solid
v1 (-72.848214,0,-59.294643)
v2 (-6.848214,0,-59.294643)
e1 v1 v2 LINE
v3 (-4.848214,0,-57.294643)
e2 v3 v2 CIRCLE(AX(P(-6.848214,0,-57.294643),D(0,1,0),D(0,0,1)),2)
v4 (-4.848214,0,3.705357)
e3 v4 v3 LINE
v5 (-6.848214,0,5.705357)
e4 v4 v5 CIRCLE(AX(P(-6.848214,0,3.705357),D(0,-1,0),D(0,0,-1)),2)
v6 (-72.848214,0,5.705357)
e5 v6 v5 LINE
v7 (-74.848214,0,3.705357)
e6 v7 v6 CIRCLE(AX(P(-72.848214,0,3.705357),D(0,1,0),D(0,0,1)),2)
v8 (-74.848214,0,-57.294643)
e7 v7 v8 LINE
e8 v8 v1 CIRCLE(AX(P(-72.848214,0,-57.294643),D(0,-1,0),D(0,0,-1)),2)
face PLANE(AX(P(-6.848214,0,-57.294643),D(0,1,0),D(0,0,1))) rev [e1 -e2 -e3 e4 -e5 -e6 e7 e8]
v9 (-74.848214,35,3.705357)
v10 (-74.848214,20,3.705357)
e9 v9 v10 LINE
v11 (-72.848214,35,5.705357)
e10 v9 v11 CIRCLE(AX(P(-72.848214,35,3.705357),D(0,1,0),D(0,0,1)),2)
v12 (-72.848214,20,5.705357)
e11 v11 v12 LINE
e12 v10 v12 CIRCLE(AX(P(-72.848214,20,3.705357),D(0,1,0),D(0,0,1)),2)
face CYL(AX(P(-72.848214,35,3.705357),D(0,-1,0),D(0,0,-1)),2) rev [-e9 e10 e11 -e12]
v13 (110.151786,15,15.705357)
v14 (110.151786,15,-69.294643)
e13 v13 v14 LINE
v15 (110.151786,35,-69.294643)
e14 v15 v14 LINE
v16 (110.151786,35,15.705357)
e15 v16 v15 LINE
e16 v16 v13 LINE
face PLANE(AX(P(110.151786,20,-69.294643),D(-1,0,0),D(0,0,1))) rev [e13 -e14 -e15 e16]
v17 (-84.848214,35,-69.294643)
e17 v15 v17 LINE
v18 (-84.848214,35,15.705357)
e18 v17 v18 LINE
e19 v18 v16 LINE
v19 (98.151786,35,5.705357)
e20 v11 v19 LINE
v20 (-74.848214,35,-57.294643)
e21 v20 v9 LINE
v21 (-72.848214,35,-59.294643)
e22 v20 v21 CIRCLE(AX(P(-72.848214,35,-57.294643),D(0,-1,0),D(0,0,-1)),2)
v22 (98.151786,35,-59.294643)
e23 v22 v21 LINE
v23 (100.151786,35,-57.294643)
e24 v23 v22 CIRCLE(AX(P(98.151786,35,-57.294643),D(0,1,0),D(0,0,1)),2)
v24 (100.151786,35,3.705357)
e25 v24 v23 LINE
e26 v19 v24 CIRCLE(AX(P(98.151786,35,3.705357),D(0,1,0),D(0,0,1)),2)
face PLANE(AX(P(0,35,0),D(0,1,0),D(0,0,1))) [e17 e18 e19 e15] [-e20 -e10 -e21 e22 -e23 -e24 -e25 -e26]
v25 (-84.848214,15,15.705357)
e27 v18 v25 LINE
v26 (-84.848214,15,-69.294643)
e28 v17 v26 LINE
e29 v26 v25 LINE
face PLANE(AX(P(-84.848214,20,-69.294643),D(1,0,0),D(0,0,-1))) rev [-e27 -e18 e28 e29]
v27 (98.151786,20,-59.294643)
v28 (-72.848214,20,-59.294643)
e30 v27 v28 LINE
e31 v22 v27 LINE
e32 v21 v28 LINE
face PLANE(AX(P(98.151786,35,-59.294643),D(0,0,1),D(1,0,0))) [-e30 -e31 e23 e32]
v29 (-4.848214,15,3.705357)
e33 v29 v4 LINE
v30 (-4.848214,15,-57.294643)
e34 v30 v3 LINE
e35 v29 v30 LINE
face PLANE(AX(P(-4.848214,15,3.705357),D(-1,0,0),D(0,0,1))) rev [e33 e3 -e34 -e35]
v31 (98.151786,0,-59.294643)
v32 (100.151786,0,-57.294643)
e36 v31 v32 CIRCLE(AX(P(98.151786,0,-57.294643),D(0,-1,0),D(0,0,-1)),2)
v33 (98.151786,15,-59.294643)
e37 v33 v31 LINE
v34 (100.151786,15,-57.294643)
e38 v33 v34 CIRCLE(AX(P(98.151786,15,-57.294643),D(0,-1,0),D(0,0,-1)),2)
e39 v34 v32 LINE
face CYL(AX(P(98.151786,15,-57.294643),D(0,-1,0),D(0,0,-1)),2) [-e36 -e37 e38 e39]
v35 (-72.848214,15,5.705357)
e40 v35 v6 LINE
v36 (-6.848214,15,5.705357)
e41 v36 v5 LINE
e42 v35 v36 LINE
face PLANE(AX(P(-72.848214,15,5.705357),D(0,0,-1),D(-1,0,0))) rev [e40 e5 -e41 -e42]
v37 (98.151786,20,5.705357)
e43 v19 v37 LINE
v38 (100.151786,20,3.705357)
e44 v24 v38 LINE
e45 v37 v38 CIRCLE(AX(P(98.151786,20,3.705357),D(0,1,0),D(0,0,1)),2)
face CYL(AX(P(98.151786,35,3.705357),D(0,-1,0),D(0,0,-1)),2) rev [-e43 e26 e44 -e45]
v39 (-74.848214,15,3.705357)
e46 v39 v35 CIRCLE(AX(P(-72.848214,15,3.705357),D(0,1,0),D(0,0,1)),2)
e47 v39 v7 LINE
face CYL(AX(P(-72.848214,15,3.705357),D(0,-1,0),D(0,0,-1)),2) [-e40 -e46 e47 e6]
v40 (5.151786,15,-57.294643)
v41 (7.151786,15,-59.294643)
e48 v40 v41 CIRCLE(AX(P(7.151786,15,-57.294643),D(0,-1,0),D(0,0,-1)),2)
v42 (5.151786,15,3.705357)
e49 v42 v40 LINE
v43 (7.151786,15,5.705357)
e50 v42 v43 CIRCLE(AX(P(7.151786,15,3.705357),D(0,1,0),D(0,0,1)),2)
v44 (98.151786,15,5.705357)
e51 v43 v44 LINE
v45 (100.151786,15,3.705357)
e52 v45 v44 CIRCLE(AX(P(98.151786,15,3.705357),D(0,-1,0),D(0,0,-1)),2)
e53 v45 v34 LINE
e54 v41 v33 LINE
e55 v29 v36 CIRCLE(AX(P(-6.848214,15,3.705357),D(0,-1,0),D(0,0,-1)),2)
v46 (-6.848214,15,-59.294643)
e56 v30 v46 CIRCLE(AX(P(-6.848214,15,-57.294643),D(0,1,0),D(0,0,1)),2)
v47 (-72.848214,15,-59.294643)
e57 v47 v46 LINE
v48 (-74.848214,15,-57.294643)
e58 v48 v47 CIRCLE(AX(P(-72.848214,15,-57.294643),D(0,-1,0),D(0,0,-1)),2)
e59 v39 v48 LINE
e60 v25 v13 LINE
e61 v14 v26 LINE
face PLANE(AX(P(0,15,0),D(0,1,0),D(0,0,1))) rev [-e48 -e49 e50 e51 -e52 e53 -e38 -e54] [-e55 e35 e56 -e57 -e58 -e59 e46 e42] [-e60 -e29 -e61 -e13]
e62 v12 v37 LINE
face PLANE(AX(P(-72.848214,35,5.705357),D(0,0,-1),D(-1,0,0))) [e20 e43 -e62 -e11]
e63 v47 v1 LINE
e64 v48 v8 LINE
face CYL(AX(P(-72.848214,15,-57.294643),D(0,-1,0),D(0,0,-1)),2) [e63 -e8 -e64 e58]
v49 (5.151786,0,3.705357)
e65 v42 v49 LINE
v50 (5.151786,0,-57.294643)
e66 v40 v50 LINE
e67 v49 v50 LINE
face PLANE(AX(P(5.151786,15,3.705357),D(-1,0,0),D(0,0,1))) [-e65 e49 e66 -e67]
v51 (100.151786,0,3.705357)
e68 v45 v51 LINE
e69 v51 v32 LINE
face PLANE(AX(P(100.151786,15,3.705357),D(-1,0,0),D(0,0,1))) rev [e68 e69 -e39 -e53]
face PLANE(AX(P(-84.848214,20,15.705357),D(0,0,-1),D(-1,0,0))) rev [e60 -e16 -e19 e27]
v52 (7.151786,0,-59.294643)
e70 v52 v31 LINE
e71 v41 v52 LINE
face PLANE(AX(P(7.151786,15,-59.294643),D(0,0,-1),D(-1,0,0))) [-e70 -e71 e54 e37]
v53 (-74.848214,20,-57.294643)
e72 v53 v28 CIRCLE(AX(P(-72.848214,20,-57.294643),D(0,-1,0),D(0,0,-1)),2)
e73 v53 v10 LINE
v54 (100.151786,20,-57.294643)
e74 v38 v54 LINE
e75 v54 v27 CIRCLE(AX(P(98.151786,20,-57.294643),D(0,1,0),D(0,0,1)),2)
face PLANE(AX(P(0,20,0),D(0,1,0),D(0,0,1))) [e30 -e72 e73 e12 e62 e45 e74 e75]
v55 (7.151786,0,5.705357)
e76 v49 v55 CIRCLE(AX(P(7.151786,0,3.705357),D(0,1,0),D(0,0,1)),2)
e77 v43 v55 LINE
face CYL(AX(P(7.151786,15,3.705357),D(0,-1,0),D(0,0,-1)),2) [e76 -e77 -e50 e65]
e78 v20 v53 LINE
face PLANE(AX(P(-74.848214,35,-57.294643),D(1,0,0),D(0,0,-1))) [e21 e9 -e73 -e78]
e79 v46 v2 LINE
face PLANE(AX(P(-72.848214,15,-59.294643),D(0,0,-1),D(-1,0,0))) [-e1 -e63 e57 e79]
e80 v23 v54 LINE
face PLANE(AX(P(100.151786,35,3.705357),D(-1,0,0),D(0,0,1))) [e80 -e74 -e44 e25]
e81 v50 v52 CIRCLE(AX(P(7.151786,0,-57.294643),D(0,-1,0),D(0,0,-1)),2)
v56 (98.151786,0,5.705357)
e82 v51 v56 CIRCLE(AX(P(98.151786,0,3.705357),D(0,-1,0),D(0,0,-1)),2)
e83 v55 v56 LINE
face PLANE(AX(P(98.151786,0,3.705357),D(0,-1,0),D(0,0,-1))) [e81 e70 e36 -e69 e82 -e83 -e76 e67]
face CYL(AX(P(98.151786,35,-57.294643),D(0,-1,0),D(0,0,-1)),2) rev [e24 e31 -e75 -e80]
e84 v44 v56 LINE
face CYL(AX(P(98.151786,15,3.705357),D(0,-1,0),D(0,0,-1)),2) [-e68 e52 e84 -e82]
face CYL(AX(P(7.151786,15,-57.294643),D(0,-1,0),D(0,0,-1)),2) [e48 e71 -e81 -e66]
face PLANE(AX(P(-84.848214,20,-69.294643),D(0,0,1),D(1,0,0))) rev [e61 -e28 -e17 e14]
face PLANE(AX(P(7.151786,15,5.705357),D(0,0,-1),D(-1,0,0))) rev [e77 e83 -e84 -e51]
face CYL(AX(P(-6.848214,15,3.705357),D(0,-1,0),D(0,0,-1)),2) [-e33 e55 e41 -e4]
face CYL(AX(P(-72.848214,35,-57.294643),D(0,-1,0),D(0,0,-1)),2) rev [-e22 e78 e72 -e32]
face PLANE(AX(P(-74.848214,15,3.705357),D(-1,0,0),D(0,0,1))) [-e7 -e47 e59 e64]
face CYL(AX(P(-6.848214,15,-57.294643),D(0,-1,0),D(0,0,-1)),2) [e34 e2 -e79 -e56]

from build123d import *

# Parameters (mm, degrees)
BOSS_EXTRUDE2_DEPTH   = 15
BOSS_EXTRUDE2_2_DEPTH = 15
SKETCH2_W             = 195
SKETCH2_H             = 85
BOSS_EXTRUDE3_DEPTH   = 5
SKETCH3_W             = 195
SKETCH3_H             = 85
BOSS_EXTRUDE4_DEPTH   = 15


with BuildPart() as part:
    # Sketch1 → Boss-Extrude2 (new body)
    with BuildSketch(Plane(origin=(0, 0, 0), x_dir=(1, 0, 0), z_dir=(0, 1, 0))):
        with BuildLine():
            Line((-74.848214286, -3.705357143), (-74.848214286, 57.294642857))
            ThreePointArc((-74.848214286, 57.294642857), (-74.262427848, 58.70885642), (-72.848214286, 59.294642857))
            Line((-72.848214286, 59.294642857), (-6.848214286, 59.294642857))
            ThreePointArc((-6.848214286, 59.294642857), (-5.434000723, 58.70885642), (-4.848214286, 57.294642857))
            Line((-4.848214286, 57.294642857), (-4.848214286, -3.705357143))
            ThreePointArc((-4.848214286, -3.705357143), (-5.434000723, -5.119570705), (-6.848214286, -5.705357143))
            Line((-6.848214286, -5.705357143), (-72.848214286, -5.705357143))
            ThreePointArc((-72.848214286, -5.705357143), (-74.262427848, -5.119570705), (-74.848214286, -3.705357143))
        make_face()
    extrude(amount=BOSS_EXTRUDE2_DEPTH)



with BuildPart() as body_2:
    # Sketch1 → Boss-Extrude2 2 (new body)
    with BuildSketch(Plane(origin=(0, 0, 0), x_dir=(1, 0, 0), z_dir=(0, 1, 0))):
        with BuildLine():
            Line((100.151785714, -3.705357143), (100.151785714, 57.294642857))
            ThreePointArc((100.151785714, 57.294642857), (99.565999277, 58.70885642), (98.151785714, 59.294642857))
            Line((98.151785714, 59.294642857), (7.151785714, 59.294642857))
            ThreePointArc((7.151785714, 59.294642857), (5.737572152, 58.70885642), (5.151785714, 57.294642857))
            Line((5.151785714, 57.294642857), (5.151785714, -3.705357143))
            ThreePointArc((5.151785714, -3.705357143), (5.737572152, -5.119570705), (7.151785714, -5.705357143))
            Line((7.151785714, -5.705357143), (98.151785714, -5.705357143))
            ThreePointArc((98.151785714, -5.705357143), (99.565999277, -5.119570705), (100.151785714, -3.705357143))
        make_face()
    extrude(amount=BOSS_EXTRUDE2_2_DEPTH)


with BuildPart() as part_1:
    add(part.part)

    add(body_2.part)  # Boss-Extrude3 merges body 2
    # Sketch2 → Boss-Extrude3 (add)
    with BuildSketch(Plane(origin=(0, 15, 0), x_dir=(1, 0, 0), z_dir=(0, 1, 0))):
        with Locations((12.651785714, 26.794642857)):
            Rectangle(SKETCH2_W, SKETCH2_H)
    extrude(amount=BOSS_EXTRUDE3_DEPTH)

    # Sketch3 → Boss-Extrude4 (add)
    with BuildSketch(Plane(origin=(0, 20, 0), x_dir=(1, 0, 0), z_dir=(0, 1, 0))):
        with Locations((12.651785714, 26.794642857)):
            Rectangle(SKETCH3_W, SKETCH3_H)
        with BuildLine():
            Line((-74.848214286, 57.294642857), (-74.848214286, -3.705357143))
            ThreePointArc((-74.848214286, -3.705357143), (-74.262427848, -5.119570705), (-72.848214286, -5.705357143))
            Line((-72.848214286, -5.705357143), (98.151785714, -5.705357143))
            ThreePointArc((98.151785714, -5.705357143), (99.565999277, -5.119570705), (100.151785714, -3.705357143))
            Line((100.151785714, -3.705357143), (100.151785714, 57.294642857))
            ThreePointArc((100.151785714, 57.294642857), (99.565999277, 58.70885642), (98.151785714, 59.294642857))
            Line((98.151785714, 59.294642857), (-72.848214286, 59.294642857))
            ThreePointArc((-72.848214286, 59.294642857), (-74.262427848, 58.70885642), (-74.848214286, 57.294642857))
        make_face(mode=Mode.SUBTRACT)
    extrude(amount=BOSS_EXTRUDE4_DEPTH)


solid = part_1.part
